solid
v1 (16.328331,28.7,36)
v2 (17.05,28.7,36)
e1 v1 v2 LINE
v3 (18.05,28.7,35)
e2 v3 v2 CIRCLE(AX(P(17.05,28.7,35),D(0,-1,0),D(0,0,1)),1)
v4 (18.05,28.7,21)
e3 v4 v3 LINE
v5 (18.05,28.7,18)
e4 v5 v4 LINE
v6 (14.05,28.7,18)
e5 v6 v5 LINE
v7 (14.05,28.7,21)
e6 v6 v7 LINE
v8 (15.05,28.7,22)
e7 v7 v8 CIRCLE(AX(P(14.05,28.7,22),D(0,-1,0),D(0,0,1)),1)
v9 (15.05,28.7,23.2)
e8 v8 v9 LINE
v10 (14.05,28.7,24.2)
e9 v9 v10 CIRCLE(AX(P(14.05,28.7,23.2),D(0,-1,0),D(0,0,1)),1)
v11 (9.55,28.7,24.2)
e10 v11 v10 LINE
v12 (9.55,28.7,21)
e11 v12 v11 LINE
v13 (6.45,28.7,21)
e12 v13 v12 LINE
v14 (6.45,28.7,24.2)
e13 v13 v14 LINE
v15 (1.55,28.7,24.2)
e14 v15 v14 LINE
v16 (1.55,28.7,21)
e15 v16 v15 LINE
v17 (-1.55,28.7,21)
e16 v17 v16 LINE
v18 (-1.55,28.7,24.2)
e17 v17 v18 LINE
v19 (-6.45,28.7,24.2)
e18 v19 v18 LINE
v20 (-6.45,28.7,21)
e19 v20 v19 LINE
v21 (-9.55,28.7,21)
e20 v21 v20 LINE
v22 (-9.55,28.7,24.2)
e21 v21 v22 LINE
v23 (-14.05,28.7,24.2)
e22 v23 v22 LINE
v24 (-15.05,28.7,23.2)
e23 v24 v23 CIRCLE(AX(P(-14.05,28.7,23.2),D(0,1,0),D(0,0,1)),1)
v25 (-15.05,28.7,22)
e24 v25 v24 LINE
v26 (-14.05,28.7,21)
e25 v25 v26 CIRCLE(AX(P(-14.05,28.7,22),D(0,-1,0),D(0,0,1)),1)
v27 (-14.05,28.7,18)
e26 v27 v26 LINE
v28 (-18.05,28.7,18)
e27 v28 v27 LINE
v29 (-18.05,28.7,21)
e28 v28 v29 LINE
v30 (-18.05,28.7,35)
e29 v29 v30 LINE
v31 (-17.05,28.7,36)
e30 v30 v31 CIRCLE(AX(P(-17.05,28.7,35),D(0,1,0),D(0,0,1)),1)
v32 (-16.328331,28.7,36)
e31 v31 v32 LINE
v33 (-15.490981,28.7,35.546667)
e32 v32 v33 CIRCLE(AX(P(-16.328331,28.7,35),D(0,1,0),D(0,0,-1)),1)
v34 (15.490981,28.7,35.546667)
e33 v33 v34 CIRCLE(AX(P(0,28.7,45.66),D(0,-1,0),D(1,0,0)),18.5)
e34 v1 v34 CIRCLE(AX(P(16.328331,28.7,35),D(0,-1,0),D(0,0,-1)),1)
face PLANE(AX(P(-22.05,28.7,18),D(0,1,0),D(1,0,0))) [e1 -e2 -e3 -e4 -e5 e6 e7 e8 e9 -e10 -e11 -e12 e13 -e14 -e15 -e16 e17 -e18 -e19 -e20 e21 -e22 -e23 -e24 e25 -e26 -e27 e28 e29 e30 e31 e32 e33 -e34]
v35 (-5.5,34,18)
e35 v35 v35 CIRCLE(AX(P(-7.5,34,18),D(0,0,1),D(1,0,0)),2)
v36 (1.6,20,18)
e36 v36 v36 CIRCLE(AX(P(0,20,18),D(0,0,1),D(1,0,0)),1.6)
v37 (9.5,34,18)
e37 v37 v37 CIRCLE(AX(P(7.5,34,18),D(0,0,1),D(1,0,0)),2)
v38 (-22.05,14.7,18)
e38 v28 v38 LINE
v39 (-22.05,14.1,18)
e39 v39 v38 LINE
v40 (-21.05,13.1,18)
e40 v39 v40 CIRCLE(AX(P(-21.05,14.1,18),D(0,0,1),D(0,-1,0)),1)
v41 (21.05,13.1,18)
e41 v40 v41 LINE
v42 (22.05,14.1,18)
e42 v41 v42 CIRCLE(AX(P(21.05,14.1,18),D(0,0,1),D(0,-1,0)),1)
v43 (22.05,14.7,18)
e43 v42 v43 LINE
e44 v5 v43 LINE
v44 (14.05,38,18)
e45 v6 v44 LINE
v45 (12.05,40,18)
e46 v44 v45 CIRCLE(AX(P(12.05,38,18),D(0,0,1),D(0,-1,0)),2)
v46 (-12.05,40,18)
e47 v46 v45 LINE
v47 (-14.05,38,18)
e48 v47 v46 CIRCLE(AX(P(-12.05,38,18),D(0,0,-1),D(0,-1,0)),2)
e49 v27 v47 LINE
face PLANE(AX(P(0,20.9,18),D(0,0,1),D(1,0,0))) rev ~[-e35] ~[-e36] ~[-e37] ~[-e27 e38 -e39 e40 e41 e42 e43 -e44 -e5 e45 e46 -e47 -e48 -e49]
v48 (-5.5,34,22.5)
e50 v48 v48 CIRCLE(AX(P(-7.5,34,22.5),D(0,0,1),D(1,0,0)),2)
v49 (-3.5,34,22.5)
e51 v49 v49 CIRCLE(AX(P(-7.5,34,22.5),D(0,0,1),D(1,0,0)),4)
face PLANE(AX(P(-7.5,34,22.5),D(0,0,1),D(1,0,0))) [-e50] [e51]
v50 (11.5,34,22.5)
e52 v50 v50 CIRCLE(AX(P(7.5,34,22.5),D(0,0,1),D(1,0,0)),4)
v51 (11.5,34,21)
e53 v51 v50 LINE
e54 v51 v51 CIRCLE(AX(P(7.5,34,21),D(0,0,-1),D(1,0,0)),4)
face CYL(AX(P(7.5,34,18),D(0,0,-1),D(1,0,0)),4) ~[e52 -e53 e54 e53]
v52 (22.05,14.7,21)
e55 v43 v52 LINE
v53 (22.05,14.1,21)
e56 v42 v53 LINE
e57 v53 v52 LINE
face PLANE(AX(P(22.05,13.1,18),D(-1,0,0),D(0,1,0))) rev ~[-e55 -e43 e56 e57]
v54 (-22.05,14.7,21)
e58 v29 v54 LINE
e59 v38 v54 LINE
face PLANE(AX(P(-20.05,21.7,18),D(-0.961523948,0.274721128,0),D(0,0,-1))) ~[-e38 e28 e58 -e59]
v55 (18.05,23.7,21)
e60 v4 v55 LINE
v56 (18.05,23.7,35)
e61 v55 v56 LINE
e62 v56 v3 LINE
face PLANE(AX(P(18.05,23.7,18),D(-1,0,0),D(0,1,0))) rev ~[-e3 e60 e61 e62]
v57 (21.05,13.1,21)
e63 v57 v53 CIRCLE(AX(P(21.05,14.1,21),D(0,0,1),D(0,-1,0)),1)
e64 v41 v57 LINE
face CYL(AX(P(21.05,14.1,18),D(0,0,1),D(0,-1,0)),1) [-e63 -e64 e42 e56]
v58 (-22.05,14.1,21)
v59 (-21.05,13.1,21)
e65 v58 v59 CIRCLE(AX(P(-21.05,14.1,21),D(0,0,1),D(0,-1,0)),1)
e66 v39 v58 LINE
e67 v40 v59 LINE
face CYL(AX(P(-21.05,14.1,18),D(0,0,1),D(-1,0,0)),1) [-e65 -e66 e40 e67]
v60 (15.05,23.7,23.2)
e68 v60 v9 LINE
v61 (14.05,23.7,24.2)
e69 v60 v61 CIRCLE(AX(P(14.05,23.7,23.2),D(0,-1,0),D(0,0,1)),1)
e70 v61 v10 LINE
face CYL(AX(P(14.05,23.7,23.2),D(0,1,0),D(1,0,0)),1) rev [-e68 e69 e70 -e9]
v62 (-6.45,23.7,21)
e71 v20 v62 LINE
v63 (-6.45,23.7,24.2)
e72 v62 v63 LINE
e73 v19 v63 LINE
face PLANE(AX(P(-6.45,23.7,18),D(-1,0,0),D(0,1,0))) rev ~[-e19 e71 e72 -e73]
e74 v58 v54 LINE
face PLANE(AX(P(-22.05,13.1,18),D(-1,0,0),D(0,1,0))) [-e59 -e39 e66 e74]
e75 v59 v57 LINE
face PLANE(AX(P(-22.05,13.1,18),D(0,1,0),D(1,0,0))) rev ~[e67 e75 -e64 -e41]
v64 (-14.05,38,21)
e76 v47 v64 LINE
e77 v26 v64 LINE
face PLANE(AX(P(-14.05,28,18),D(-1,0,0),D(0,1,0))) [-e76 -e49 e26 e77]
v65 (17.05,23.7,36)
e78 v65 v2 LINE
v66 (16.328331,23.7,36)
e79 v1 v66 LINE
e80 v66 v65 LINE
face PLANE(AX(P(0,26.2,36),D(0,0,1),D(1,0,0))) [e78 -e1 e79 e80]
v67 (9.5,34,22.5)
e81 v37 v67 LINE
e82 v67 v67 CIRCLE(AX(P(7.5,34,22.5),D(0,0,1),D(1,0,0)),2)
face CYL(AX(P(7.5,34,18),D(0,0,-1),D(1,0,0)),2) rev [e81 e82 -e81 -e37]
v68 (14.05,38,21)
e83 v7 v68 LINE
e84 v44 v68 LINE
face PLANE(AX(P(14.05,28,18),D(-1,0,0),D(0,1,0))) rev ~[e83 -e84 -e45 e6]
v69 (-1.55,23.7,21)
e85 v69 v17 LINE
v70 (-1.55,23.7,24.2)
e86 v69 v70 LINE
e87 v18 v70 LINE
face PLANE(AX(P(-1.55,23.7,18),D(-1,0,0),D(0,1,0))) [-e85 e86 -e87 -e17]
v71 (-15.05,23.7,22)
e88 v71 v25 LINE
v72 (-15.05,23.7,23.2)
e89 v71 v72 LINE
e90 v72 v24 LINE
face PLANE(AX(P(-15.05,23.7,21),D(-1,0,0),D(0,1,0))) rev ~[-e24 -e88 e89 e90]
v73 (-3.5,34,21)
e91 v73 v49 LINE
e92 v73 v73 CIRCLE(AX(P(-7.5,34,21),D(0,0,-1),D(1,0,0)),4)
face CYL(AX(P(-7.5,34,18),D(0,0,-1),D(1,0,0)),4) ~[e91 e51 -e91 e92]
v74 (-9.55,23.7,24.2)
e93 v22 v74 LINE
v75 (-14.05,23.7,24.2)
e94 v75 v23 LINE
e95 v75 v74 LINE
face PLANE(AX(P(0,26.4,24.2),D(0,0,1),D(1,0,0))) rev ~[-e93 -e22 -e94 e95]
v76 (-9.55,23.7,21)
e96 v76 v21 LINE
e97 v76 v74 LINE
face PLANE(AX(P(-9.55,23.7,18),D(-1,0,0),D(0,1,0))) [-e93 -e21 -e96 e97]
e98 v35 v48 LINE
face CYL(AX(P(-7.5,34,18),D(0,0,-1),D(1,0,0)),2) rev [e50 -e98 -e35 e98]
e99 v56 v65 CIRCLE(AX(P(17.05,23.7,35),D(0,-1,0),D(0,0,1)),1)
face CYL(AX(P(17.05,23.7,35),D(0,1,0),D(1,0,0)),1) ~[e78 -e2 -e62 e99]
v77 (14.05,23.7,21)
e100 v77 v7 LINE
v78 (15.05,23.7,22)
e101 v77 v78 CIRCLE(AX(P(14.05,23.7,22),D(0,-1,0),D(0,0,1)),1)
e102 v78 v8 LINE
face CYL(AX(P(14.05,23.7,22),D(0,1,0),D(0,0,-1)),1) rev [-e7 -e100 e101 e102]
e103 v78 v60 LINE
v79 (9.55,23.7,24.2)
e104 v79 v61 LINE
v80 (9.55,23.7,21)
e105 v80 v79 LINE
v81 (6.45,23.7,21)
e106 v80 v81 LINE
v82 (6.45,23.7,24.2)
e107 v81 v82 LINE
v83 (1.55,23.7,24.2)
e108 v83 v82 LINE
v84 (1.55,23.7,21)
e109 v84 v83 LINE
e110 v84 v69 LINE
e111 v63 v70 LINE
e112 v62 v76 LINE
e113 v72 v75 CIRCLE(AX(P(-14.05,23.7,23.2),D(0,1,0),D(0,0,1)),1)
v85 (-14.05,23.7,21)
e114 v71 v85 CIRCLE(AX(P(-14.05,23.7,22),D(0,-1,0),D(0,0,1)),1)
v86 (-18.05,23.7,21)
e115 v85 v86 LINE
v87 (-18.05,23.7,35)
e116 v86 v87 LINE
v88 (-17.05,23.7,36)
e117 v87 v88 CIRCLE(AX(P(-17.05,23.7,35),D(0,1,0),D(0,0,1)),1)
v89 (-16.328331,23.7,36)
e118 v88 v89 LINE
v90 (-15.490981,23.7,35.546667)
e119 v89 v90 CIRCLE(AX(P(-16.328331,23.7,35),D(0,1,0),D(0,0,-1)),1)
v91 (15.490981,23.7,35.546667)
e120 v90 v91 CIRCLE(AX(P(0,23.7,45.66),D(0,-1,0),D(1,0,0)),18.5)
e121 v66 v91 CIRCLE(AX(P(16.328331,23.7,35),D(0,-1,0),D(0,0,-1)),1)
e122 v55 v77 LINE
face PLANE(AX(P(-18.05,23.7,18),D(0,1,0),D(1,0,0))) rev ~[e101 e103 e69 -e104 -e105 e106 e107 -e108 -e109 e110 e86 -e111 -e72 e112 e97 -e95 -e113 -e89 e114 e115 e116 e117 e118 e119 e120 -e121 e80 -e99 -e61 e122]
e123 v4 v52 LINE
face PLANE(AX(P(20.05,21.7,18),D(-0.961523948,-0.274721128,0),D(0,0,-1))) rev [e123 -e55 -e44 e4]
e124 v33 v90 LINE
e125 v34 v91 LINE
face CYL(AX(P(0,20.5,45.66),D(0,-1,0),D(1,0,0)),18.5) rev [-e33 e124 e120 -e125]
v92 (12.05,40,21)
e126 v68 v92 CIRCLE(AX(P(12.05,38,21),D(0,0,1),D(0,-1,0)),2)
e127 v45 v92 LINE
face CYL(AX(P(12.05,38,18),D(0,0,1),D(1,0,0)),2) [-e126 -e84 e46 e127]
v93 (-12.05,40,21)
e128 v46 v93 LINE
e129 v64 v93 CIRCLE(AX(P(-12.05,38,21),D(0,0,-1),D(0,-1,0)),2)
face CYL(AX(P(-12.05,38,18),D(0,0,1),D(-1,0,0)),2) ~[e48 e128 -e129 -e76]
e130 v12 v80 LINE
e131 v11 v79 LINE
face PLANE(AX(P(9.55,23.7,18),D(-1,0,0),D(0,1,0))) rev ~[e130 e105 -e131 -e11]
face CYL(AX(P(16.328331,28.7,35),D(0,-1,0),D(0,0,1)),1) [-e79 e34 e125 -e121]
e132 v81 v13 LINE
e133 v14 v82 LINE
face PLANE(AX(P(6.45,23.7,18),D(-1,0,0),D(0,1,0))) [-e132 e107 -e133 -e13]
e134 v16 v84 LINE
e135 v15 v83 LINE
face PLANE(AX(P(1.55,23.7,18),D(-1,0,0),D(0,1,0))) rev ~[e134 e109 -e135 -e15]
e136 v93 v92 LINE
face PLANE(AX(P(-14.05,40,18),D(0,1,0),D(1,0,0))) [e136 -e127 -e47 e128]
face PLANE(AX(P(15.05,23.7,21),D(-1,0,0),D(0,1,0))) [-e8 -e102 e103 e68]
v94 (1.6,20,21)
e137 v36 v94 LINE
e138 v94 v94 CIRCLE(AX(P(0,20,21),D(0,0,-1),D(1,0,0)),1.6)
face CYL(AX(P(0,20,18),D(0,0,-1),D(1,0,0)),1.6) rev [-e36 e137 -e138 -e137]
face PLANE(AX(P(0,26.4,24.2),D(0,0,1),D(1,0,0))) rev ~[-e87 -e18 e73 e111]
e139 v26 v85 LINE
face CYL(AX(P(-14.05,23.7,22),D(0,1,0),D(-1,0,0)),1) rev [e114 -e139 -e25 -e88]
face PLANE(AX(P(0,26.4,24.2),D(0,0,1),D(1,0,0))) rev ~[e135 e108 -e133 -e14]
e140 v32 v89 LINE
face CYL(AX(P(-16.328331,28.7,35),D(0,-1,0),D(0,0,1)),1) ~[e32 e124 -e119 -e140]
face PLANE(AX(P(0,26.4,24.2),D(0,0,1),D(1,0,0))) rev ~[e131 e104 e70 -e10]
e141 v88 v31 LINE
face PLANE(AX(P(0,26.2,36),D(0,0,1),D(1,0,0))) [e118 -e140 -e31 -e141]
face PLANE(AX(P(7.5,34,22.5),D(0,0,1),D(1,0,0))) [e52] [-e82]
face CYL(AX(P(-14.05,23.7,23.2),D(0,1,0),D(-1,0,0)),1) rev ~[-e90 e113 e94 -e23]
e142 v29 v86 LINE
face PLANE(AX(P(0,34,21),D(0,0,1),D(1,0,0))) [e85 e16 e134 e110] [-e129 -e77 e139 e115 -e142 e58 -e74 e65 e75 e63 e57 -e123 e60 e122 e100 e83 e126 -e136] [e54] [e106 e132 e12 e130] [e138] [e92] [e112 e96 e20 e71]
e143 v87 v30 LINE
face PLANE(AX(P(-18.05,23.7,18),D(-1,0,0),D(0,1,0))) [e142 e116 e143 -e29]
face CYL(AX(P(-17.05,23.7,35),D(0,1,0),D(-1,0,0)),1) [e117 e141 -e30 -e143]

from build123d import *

# Parameters (mm, degrees)
CYLINDER006_R                   = 1.6
CYLINDER006_DEPTH               = 10
BOX007_W                        = 3.1
BOX007_H                        = 5
BOX007_DEPTH                    = 8
BOX009_W                        = 3.1
BOX009_H                        = 5
BOX009_DEPTH                    = 9
BOX010_W                        = 3.1
BOX010_H                        = 5
BOX010_DEPTH                    = 9
BOX012_W                        = 31
BOX012_H                        = 6
BOX012_DEPTH                    = 6
CYLINDER004_R                   = 21.5
CYLINDER004_DEPTH               = 10
BOX008_W                        = 30.1
BOX008_H                        = 5
BOX008_DEPTH                    = 18
FILLET001003_R                  = 1
FILLET001007_R                  = 1
CYLINDER003_R                   = 18.5
CYLINDER003_DEPTH               = 10
BOX005_W                        = 36.1
BOX005_H                        = 5
BOX005_DEPTH                    = 18
FILLET001004_R                  = 1
CYLINDER010_R                   = 2
CYLINDER010_DEPTH               = 4.5
CYLINDER011_R                   = 2
CYLINDER011_DEPTH               = 4.5
CYLINDER008_R                   = 4
CYLINDER008_DEPTH               = 4.5
BOX011_W                        = 28.1
BOX011_H                        = 12
BOX011_DEPTH                    = 3
FILLET001006_R                  = 2
CYLINDER009_R                   = 4
CYLINDER009_DEPTH               = 4.5
BOX006_W                        = 44.1
BOX006_H                        = 15.6
BOX006_DEPTH                    = 3
FILLET001005_R                  = 1
CHAMFER005021077002006002_SIZE2 = 14
CHAMFER005021077002006002_SIZE  = 4
CHAMFER005021077002006003_SIZE2 = 14
CHAMFER005021077002006003_SIZE  = 4


with BuildPart() as cylinder006:
    # Cylinder006 → Cylinder006 (new body)
    with BuildSketch(Plane(origin=(0, 20, 18), x_dir=(1, 0, 0), z_dir=(0, 0, 1))):
        Circle(CYLINDER006_R)
    extrude(amount=CYLINDER006_DEPTH)


with BuildPart() as cube007:
    # Box007 → Box007 (new body)
    with BuildSketch(Plane(origin=(-1.55, 13.5, 18), x_dir=(1, 0, 0), z_dir=(0, 0, 1))):
        with Locations((1.55, 2.5)):
            Rectangle(BOX007_W, BOX007_H)
    extrude(amount=BOX007_DEPTH)


with BuildPart() as cube009:
    # Box009 → Box009 (new body)
    with BuildSketch(Plane(origin=(-9.55, 13.5, 18), x_dir=(1, 0, 0), z_dir=(0, 0, 1))):
        with Locations((1.55, 2.5)):
            Rectangle(BOX009_W, BOX009_H)
    extrude(amount=BOX009_DEPTH)


with BuildPart() as fusion036012039011002025018010027010:
    # Box010 → Box010 (new body)
    with BuildSketch(Plane(origin=(6.45, 13.5, 18), x_dir=(1, 0, 0), z_dir=(0, 0, 1))):
        with Locations((1.55, 2.5)):
            Rectangle(BOX010_W, BOX010_H)
    extrude(amount=BOX010_DEPTH)

    # Fusion036012039011002025018010027010: union Cube007, Cube009
    add(cube007.part)
    add(cube009.part)


with BuildPart() as fusion036012039011002025018010027011:
    # Box012 → Box012 (new body)
    with BuildSketch(Plane(origin=(-15.5, 13.2, 24.2), x_dir=(1, 0, 0), z_dir=(0, 0, 1))):
        with Locations((15.5, 3)):
            Rectangle(BOX012_W, BOX012_H)
    extrude(amount=BOX012_DEPTH)

    # Fusion036012039011002025018010027011: union Fusion036012039011002025018010027010
    add(fusion036012039011002025018010027010.part)


with BuildPart() as cylinder004:
    # Cylinder004 → Cylinder004 (new body)
    with BuildSketch(Plane(origin=(0, 10.3, 45.66), x_dir=(1, 0, 0), z_dir=(0, 1, 0))):
        Circle(CYLINDER004_R)
    extrude(amount=CYLINDER004_DEPTH)


with BuildPart() as fillet001007:
    # Box008 → Box008 (new body)
    with BuildSketch(Plane(origin=(-15.05, 13.5, 21), x_dir=(1, 0, 0), z_dir=(0, 0, 1))):
        with Locations((15.05, 2.5)):
            Rectangle(BOX008_W, BOX008_H)
    extrude(amount=BOX008_DEPTH)

    # Cut003: cut Cylinder004
    add(cylinder004.part, mode=Mode.SUBTRACT)

    # Fillet001003
    fillet001003_edges = [fillet001007.edges().sort_by_distance(p)[0] for p in [
        (-15.05, 16, 30.305929),
        (-15.05, 16, 21),
        (15.05, 16, 30.305929),
        (15.05, 16, 21),
    ]]
    fillet(fillet001003_edges, radius=FILLET001003_R)

    # Cut005003: cut Fusion036012039011002025018010027011
    add(fusion036012039011002025018010027011.part, mode=Mode.SUBTRACT)

    # Fillet001007
    fillet001007_edges = [fillet001007.edges().sort_by_distance(p)[0] for p in [
        (-15.05, 16, 24.2),
        (15.05, 16, 24.2),
    ]]
    fillet(fillet001007_edges, radius=FILLET001007_R)


with BuildPart() as cylinder003:
    # Cylinder003 → Cylinder003 (new body)
    with BuildSketch(Plane(origin=(0, 10.3, 45.66), x_dir=(1, 0, 0), z_dir=(0, 1, 0))):
        Circle(CYLINDER003_R)
    extrude(amount=CYLINDER003_DEPTH)


with BuildPart() as cut005004:
    # Box005 → Box005 (new body)
    with BuildSketch(Plane(origin=(-18.05, 13.5, 18), x_dir=(1, 0, 0), z_dir=(0, 0, 1))):
        with Locations((18.05, 2.5)):
            Rectangle(BOX005_W, BOX005_H)
    extrude(amount=BOX005_DEPTH)

    # Cut002: cut Cylinder003
    add(cylinder003.part, mode=Mode.SUBTRACT)

    # Fillet001004
    fillet001004_edges = [cut005004.edges().sort_by_distance(p)[0] for p in [
        (-18.05, 16, 36),
        (-15.777655, 16, 36),
        (18.05, 16, 36),
        (15.777655, 16, 36),
    ]]
    fillet(fillet001004_edges, radius=FILLET001004_R)

    # Cut005004: cut Fillet001007
    add(fillet001007.part, mode=Mode.SUBTRACT)


with BuildPart() as cut005004_1:
    # Cut005004 placement: moved
    add(cut005004.part.moved(Location((0, 10.2, 0))))


with BuildPart() as cylinder010:
    # Cylinder010 → Cylinder010 (new body)
    with BuildSketch(Plane(origin=(7.5, 34, 18), x_dir=(1, 0, 0), z_dir=(0, 0, 1))):
        Circle(CYLINDER010_R)
    extrude(amount=CYLINDER010_DEPTH)


with BuildPart() as fusion036012039011002025018010027009:
    # Cylinder011 → Cylinder011 (new body)
    with BuildSketch(Plane(origin=(-7.5, 34, 18), x_dir=(1, 0, 0), z_dir=(0, 0, 1))):
        Circle(CYLINDER011_R)
    extrude(amount=CYLINDER011_DEPTH)

    # Fusion036012039011002025018010027009: union Cylinder010
    add(cylinder010.part)


with BuildPart() as cylinder008:
    # Cylinder008 → Cylinder008 (new body)
    with BuildSketch(Plane(origin=(-7.5, 34, 18), x_dir=(1, 0, 0), z_dir=(0, 0, 1))):
        Circle(CYLINDER008_R)
    extrude(amount=CYLINDER008_DEPTH)


with BuildPart() as fillet001006:
    # Box011 → Box011 (new body)
    with BuildSketch(Plane(origin=(-14.05, 28, 18), x_dir=(1, 0, 0), z_dir=(0, 0, 1))):
        with Locations((14.05, 6)):
            Rectangle(BOX011_W, BOX011_H)
    extrude(amount=BOX011_DEPTH)

    # Fillet001006
    fillet001006_edges = [fillet001006.edges().sort_by_distance(p)[0] for p in [
        (-14.05, 40, 19.5),
        (14.05, 40, 19.5),
    ]]
    fillet(fillet001006_edges, radius=FILLET001006_R)


with BuildPart() as cut005002:
    # Cylinder009 → Cylinder009 (new body)
    with BuildSketch(Plane(origin=(7.5, 34, 18), x_dir=(1, 0, 0), z_dir=(0, 0, 1))):
        Circle(CYLINDER009_R)
    extrude(amount=CYLINDER009_DEPTH)

    # Fusion036012039011002025018010027008: union Cylinder008, Fillet001006
    add(cylinder008.part)
    add(fillet001006.part)

    # Cut005002: cut Fusion036012039011002025018010027009
    add(fusion036012039011002025018010027009.part, mode=Mode.SUBTRACT)


with BuildPart() as cut005005:
    # Box006 → Box006 (new body)
    with BuildSketch(Plane(origin=(-22.05, 13.1, 18), x_dir=(1, 0, 0), z_dir=(0, 0, 1))):
        with Locations((22.05, 7.8)):
            Rectangle(BOX006_W, BOX006_H)
    extrude(amount=BOX006_DEPTH)

    # Fillet001005
    fillet001005_edges = [cut005005.edges().sort_by_distance(p)[0] for p in [
        (-22.05, 13.1, 19.5),
        (22.05, 13.1, 19.5),
    ]]
    fillet(fillet001005_edges, radius=FILLET001005_R)

    # Chamfer005021077002006002
    chamfer005021077002006002_edges = [cut005005.edges().sort_by_distance(p)[0] for p in [
        (22.05, 28.7, 19.5),
    ]]
    chamfer005021077002006002_side = cut005005.faces().sort_by_distance((0, 28.7, 19.5))[0]
    chamfer(chamfer005021077002006002_edges, length=CHAMFER005021077002006002_SIZE, length2=CHAMFER005021077002006002_SIZE2, reference=chamfer005021077002006002_side)

    # Chamfer005021077002006003
    chamfer005021077002006003_edges = [cut005005.edges().sort_by_distance(p)[0] for p in [
        (-22.05, 28.7, 19.5),
    ]]
    chamfer005021077002006003_side = cut005005.faces().sort_by_distance((-2, 28.7, 19.5))[0]
    chamfer(chamfer005021077002006003_edges, length=CHAMFER005021077002006003_SIZE, length2=CHAMFER005021077002006003_SIZE2, reference=chamfer005021077002006003_side)

    # Fusion036012039011002025018010027012: union Cut005004, Cut005002
    add(cut005004_1.part)
    add(cut005002.part)

    # Cut005005: cut Cylinder006
    add(cylinder006.part, mode=Mode.SUBTRACT)


solid = cut005005.part
